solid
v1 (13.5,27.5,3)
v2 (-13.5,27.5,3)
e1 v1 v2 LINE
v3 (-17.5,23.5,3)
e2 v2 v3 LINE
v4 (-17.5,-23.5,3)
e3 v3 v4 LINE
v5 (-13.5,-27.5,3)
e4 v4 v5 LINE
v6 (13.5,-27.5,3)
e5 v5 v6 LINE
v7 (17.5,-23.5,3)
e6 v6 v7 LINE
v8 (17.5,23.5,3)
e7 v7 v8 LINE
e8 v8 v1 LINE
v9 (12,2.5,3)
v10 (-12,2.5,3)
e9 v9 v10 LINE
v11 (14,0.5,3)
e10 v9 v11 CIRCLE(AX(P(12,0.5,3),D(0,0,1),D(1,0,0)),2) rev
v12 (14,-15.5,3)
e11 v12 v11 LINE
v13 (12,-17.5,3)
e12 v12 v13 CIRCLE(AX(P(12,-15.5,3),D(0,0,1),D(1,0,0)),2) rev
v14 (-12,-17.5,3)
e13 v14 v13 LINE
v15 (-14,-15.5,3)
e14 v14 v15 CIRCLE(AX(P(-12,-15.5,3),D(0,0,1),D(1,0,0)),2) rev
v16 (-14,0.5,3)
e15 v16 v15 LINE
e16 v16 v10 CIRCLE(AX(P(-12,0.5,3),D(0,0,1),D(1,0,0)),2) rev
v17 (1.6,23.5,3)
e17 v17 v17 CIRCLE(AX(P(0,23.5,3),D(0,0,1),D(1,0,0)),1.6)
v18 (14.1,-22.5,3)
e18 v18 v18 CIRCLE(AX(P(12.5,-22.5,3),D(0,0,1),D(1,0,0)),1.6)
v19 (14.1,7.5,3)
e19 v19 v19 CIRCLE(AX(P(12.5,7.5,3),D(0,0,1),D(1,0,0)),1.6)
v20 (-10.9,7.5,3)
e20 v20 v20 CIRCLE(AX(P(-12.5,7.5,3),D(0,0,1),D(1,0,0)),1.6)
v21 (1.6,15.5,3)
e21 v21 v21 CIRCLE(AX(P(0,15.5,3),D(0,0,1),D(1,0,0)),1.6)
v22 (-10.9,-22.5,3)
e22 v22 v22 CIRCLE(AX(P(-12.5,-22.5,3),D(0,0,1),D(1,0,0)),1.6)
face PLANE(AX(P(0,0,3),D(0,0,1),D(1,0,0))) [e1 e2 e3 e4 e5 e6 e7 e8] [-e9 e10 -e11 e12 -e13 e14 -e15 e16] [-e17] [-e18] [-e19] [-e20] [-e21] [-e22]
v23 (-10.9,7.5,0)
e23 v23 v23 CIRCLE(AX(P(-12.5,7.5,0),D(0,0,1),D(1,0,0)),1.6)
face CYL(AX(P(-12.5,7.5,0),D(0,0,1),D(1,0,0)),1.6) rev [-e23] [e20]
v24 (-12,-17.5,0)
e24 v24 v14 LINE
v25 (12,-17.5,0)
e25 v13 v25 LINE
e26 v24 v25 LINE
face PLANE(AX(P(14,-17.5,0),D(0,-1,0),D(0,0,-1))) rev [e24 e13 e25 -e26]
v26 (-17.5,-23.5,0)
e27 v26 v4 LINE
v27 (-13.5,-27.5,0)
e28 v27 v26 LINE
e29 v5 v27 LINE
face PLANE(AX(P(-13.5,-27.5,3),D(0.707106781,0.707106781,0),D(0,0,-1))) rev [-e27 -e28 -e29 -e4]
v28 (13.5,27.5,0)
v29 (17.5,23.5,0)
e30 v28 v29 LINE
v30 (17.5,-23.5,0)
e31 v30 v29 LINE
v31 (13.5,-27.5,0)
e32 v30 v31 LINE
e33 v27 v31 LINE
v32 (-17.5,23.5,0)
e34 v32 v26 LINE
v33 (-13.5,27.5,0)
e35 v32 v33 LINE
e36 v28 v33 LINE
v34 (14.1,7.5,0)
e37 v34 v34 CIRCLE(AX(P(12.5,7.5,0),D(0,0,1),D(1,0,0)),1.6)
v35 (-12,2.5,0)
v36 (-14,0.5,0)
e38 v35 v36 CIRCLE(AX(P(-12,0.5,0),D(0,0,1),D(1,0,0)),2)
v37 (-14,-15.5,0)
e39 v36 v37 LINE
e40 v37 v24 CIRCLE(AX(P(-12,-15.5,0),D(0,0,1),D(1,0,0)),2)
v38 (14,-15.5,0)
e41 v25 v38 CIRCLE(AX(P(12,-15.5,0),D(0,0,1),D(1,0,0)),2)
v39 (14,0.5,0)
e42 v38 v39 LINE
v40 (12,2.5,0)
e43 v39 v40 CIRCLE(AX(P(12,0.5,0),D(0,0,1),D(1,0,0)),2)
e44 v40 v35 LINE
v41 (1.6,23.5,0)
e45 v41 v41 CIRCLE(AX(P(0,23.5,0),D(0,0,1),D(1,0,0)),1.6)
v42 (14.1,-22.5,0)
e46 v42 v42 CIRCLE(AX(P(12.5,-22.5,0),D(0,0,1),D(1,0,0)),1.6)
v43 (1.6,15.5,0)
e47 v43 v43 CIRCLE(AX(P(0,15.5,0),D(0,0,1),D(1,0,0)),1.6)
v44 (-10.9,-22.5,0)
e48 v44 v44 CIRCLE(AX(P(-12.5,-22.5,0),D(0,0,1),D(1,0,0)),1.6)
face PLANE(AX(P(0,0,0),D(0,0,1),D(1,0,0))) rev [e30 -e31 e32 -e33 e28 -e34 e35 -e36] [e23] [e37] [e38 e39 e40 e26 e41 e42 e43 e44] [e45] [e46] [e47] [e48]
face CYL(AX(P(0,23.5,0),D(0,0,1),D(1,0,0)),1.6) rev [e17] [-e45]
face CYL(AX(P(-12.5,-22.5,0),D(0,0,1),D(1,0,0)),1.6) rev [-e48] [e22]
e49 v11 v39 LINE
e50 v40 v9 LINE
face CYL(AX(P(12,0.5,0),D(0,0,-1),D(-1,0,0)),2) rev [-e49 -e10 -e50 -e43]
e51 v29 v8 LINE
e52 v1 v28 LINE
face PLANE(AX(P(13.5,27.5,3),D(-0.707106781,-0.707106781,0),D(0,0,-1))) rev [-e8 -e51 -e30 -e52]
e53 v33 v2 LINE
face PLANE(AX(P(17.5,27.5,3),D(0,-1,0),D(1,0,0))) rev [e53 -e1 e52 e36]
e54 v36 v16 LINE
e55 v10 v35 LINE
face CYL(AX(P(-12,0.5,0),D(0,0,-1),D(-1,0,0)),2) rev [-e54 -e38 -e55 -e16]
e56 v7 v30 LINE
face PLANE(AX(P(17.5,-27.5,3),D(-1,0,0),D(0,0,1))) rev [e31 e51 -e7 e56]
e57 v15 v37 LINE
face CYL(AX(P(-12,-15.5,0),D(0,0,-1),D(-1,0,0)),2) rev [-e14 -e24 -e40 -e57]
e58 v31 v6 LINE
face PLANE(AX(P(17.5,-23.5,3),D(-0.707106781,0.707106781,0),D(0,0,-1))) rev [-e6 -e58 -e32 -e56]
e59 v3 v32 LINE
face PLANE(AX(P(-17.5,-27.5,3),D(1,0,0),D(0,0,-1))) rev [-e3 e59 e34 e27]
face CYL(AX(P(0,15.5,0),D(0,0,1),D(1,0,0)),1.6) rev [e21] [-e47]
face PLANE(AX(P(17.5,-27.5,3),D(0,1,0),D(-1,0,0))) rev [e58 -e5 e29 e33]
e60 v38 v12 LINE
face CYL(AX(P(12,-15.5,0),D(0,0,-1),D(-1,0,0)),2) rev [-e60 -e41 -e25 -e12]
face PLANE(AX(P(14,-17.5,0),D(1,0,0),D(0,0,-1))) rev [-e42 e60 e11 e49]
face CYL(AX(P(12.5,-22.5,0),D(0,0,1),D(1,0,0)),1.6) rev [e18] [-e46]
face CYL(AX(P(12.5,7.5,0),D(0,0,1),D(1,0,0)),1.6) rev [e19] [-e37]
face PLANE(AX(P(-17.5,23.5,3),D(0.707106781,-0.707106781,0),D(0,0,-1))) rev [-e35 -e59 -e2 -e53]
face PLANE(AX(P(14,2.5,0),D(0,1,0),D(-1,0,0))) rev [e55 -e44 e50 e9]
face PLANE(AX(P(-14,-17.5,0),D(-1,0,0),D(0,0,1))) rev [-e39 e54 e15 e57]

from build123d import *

# Parameters (mm, degrees)
SKETCH_1_W                  = 35
SKETCH_1_H                  = 55
EXTRUDE_1_DEPTH             = 3
CHAMFER_1_SIZE              = 4
SKETCH_2_R                  = 1.6
CUT_EXTRUDE_1_DEPTH         = 33.733774607
PATTERN_LINEAR_1_COUNT      = 2
PATTERN_LINEAR_1_PITCH      = 25
PATTERN_LINEAR_1_COUNT_DIR2 = 2
PATTERN_LINEAR_1_PITCH_DIR2 = 30
SKETCH_3_R                  = 1.6
CUT_EXTRUDE_2_DEPTH         = 33.733774607
PATTERN_LINEAR_2_COUNT      = 2
PATTERN_LINEAR_2_PITCH      = 8
SKETCH_4_W                  = 28
SKETCH_4_H                  = 20
CUT_EXTRUDE_3_DEPTH         = 33.733774607
FILLET_1_R                  = 2


with BuildPart() as part:
    # 草圖1 → 填料-伸長1 (new body)
    with BuildSketch(Plane.XY):
        Rectangle(SKETCH_1_W, SKETCH_1_H)
    extrude(amount=EXTRUDE_1_DEPTH)

    # 導角1
    chamfer_1_edges = [part.edges().sort_by_distance(p)[0] for p in [
        (-17.5, 27.5, 1.5),
        (17.5, 27.5, 1.5),
        (17.5, -27.5, 1.5),
        (-17.5, -27.5, 1.5),
    ]]
    chamfer(chamfer_1_edges, length=CHAMFER_1_SIZE)

    # 草圖2 → 除料-伸長1 (cut, through all)
    with BuildSketch(Plane.XY.offset(3)):
        with Locations((-12.5, 7.5)):
            Circle(SKETCH_2_R)
    cut_extrude_1 = extrude(amount=-CUT_EXTRUDE_1_DEPTH, mode=Mode.SUBTRACT)

    # 直線複製排列1: Cut-Extrude 1 2 × 2
    with Locations(*[(i * PATTERN_LINEAR_1_PITCH, -j * PATTERN_LINEAR_1_PITCH_DIR2, 0) for i in range(PATTERN_LINEAR_1_COUNT) for j in range(PATTERN_LINEAR_1_COUNT_DIR2) if (i, j) != (0, 0)]):
        add(cut_extrude_1, mode=Mode.SUBTRACT)

    # 草圖3 → 除料-伸長2 (cut, through all)
    with BuildSketch(Plane.XY.offset(3)):
        with Locations((0, 23.5)):
            Circle(SKETCH_3_R)
    cut_extrude_2 = extrude(amount=-CUT_EXTRUDE_2_DEPTH, mode=Mode.SUBTRACT)

    # 直線複製排列2: 除料-伸長2 ×2
    with Locations(*[(0, -i * PATTERN_LINEAR_2_PITCH, 0) for i in range(1, PATTERN_LINEAR_2_COUNT)]):
        add(cut_extrude_2, mode=Mode.SUBTRACT)

    # 草圖4 → 除料-伸長3 (cut, through all)
    with BuildSketch(Plane.XY.offset(3)):
        with Locations((0, -7.5)):
            Rectangle(SKETCH_4_W, SKETCH_4_H)
    extrude(amount=-CUT_EXTRUDE_3_DEPTH, mode=Mode.SUBTRACT)

    # 圓角1
    fillet_1_edges = [part.edges().sort_by_distance(p)[0] for p in [
        (-14, -17.5, 1.5),
        (-14, 2.5, 1.5),
        (14, 2.5, 1.5),
        (14, -17.5, 1.5),
    ]]
    fillet(fillet_1_edges, radius=FILLET_1_R)


solid = part.part
